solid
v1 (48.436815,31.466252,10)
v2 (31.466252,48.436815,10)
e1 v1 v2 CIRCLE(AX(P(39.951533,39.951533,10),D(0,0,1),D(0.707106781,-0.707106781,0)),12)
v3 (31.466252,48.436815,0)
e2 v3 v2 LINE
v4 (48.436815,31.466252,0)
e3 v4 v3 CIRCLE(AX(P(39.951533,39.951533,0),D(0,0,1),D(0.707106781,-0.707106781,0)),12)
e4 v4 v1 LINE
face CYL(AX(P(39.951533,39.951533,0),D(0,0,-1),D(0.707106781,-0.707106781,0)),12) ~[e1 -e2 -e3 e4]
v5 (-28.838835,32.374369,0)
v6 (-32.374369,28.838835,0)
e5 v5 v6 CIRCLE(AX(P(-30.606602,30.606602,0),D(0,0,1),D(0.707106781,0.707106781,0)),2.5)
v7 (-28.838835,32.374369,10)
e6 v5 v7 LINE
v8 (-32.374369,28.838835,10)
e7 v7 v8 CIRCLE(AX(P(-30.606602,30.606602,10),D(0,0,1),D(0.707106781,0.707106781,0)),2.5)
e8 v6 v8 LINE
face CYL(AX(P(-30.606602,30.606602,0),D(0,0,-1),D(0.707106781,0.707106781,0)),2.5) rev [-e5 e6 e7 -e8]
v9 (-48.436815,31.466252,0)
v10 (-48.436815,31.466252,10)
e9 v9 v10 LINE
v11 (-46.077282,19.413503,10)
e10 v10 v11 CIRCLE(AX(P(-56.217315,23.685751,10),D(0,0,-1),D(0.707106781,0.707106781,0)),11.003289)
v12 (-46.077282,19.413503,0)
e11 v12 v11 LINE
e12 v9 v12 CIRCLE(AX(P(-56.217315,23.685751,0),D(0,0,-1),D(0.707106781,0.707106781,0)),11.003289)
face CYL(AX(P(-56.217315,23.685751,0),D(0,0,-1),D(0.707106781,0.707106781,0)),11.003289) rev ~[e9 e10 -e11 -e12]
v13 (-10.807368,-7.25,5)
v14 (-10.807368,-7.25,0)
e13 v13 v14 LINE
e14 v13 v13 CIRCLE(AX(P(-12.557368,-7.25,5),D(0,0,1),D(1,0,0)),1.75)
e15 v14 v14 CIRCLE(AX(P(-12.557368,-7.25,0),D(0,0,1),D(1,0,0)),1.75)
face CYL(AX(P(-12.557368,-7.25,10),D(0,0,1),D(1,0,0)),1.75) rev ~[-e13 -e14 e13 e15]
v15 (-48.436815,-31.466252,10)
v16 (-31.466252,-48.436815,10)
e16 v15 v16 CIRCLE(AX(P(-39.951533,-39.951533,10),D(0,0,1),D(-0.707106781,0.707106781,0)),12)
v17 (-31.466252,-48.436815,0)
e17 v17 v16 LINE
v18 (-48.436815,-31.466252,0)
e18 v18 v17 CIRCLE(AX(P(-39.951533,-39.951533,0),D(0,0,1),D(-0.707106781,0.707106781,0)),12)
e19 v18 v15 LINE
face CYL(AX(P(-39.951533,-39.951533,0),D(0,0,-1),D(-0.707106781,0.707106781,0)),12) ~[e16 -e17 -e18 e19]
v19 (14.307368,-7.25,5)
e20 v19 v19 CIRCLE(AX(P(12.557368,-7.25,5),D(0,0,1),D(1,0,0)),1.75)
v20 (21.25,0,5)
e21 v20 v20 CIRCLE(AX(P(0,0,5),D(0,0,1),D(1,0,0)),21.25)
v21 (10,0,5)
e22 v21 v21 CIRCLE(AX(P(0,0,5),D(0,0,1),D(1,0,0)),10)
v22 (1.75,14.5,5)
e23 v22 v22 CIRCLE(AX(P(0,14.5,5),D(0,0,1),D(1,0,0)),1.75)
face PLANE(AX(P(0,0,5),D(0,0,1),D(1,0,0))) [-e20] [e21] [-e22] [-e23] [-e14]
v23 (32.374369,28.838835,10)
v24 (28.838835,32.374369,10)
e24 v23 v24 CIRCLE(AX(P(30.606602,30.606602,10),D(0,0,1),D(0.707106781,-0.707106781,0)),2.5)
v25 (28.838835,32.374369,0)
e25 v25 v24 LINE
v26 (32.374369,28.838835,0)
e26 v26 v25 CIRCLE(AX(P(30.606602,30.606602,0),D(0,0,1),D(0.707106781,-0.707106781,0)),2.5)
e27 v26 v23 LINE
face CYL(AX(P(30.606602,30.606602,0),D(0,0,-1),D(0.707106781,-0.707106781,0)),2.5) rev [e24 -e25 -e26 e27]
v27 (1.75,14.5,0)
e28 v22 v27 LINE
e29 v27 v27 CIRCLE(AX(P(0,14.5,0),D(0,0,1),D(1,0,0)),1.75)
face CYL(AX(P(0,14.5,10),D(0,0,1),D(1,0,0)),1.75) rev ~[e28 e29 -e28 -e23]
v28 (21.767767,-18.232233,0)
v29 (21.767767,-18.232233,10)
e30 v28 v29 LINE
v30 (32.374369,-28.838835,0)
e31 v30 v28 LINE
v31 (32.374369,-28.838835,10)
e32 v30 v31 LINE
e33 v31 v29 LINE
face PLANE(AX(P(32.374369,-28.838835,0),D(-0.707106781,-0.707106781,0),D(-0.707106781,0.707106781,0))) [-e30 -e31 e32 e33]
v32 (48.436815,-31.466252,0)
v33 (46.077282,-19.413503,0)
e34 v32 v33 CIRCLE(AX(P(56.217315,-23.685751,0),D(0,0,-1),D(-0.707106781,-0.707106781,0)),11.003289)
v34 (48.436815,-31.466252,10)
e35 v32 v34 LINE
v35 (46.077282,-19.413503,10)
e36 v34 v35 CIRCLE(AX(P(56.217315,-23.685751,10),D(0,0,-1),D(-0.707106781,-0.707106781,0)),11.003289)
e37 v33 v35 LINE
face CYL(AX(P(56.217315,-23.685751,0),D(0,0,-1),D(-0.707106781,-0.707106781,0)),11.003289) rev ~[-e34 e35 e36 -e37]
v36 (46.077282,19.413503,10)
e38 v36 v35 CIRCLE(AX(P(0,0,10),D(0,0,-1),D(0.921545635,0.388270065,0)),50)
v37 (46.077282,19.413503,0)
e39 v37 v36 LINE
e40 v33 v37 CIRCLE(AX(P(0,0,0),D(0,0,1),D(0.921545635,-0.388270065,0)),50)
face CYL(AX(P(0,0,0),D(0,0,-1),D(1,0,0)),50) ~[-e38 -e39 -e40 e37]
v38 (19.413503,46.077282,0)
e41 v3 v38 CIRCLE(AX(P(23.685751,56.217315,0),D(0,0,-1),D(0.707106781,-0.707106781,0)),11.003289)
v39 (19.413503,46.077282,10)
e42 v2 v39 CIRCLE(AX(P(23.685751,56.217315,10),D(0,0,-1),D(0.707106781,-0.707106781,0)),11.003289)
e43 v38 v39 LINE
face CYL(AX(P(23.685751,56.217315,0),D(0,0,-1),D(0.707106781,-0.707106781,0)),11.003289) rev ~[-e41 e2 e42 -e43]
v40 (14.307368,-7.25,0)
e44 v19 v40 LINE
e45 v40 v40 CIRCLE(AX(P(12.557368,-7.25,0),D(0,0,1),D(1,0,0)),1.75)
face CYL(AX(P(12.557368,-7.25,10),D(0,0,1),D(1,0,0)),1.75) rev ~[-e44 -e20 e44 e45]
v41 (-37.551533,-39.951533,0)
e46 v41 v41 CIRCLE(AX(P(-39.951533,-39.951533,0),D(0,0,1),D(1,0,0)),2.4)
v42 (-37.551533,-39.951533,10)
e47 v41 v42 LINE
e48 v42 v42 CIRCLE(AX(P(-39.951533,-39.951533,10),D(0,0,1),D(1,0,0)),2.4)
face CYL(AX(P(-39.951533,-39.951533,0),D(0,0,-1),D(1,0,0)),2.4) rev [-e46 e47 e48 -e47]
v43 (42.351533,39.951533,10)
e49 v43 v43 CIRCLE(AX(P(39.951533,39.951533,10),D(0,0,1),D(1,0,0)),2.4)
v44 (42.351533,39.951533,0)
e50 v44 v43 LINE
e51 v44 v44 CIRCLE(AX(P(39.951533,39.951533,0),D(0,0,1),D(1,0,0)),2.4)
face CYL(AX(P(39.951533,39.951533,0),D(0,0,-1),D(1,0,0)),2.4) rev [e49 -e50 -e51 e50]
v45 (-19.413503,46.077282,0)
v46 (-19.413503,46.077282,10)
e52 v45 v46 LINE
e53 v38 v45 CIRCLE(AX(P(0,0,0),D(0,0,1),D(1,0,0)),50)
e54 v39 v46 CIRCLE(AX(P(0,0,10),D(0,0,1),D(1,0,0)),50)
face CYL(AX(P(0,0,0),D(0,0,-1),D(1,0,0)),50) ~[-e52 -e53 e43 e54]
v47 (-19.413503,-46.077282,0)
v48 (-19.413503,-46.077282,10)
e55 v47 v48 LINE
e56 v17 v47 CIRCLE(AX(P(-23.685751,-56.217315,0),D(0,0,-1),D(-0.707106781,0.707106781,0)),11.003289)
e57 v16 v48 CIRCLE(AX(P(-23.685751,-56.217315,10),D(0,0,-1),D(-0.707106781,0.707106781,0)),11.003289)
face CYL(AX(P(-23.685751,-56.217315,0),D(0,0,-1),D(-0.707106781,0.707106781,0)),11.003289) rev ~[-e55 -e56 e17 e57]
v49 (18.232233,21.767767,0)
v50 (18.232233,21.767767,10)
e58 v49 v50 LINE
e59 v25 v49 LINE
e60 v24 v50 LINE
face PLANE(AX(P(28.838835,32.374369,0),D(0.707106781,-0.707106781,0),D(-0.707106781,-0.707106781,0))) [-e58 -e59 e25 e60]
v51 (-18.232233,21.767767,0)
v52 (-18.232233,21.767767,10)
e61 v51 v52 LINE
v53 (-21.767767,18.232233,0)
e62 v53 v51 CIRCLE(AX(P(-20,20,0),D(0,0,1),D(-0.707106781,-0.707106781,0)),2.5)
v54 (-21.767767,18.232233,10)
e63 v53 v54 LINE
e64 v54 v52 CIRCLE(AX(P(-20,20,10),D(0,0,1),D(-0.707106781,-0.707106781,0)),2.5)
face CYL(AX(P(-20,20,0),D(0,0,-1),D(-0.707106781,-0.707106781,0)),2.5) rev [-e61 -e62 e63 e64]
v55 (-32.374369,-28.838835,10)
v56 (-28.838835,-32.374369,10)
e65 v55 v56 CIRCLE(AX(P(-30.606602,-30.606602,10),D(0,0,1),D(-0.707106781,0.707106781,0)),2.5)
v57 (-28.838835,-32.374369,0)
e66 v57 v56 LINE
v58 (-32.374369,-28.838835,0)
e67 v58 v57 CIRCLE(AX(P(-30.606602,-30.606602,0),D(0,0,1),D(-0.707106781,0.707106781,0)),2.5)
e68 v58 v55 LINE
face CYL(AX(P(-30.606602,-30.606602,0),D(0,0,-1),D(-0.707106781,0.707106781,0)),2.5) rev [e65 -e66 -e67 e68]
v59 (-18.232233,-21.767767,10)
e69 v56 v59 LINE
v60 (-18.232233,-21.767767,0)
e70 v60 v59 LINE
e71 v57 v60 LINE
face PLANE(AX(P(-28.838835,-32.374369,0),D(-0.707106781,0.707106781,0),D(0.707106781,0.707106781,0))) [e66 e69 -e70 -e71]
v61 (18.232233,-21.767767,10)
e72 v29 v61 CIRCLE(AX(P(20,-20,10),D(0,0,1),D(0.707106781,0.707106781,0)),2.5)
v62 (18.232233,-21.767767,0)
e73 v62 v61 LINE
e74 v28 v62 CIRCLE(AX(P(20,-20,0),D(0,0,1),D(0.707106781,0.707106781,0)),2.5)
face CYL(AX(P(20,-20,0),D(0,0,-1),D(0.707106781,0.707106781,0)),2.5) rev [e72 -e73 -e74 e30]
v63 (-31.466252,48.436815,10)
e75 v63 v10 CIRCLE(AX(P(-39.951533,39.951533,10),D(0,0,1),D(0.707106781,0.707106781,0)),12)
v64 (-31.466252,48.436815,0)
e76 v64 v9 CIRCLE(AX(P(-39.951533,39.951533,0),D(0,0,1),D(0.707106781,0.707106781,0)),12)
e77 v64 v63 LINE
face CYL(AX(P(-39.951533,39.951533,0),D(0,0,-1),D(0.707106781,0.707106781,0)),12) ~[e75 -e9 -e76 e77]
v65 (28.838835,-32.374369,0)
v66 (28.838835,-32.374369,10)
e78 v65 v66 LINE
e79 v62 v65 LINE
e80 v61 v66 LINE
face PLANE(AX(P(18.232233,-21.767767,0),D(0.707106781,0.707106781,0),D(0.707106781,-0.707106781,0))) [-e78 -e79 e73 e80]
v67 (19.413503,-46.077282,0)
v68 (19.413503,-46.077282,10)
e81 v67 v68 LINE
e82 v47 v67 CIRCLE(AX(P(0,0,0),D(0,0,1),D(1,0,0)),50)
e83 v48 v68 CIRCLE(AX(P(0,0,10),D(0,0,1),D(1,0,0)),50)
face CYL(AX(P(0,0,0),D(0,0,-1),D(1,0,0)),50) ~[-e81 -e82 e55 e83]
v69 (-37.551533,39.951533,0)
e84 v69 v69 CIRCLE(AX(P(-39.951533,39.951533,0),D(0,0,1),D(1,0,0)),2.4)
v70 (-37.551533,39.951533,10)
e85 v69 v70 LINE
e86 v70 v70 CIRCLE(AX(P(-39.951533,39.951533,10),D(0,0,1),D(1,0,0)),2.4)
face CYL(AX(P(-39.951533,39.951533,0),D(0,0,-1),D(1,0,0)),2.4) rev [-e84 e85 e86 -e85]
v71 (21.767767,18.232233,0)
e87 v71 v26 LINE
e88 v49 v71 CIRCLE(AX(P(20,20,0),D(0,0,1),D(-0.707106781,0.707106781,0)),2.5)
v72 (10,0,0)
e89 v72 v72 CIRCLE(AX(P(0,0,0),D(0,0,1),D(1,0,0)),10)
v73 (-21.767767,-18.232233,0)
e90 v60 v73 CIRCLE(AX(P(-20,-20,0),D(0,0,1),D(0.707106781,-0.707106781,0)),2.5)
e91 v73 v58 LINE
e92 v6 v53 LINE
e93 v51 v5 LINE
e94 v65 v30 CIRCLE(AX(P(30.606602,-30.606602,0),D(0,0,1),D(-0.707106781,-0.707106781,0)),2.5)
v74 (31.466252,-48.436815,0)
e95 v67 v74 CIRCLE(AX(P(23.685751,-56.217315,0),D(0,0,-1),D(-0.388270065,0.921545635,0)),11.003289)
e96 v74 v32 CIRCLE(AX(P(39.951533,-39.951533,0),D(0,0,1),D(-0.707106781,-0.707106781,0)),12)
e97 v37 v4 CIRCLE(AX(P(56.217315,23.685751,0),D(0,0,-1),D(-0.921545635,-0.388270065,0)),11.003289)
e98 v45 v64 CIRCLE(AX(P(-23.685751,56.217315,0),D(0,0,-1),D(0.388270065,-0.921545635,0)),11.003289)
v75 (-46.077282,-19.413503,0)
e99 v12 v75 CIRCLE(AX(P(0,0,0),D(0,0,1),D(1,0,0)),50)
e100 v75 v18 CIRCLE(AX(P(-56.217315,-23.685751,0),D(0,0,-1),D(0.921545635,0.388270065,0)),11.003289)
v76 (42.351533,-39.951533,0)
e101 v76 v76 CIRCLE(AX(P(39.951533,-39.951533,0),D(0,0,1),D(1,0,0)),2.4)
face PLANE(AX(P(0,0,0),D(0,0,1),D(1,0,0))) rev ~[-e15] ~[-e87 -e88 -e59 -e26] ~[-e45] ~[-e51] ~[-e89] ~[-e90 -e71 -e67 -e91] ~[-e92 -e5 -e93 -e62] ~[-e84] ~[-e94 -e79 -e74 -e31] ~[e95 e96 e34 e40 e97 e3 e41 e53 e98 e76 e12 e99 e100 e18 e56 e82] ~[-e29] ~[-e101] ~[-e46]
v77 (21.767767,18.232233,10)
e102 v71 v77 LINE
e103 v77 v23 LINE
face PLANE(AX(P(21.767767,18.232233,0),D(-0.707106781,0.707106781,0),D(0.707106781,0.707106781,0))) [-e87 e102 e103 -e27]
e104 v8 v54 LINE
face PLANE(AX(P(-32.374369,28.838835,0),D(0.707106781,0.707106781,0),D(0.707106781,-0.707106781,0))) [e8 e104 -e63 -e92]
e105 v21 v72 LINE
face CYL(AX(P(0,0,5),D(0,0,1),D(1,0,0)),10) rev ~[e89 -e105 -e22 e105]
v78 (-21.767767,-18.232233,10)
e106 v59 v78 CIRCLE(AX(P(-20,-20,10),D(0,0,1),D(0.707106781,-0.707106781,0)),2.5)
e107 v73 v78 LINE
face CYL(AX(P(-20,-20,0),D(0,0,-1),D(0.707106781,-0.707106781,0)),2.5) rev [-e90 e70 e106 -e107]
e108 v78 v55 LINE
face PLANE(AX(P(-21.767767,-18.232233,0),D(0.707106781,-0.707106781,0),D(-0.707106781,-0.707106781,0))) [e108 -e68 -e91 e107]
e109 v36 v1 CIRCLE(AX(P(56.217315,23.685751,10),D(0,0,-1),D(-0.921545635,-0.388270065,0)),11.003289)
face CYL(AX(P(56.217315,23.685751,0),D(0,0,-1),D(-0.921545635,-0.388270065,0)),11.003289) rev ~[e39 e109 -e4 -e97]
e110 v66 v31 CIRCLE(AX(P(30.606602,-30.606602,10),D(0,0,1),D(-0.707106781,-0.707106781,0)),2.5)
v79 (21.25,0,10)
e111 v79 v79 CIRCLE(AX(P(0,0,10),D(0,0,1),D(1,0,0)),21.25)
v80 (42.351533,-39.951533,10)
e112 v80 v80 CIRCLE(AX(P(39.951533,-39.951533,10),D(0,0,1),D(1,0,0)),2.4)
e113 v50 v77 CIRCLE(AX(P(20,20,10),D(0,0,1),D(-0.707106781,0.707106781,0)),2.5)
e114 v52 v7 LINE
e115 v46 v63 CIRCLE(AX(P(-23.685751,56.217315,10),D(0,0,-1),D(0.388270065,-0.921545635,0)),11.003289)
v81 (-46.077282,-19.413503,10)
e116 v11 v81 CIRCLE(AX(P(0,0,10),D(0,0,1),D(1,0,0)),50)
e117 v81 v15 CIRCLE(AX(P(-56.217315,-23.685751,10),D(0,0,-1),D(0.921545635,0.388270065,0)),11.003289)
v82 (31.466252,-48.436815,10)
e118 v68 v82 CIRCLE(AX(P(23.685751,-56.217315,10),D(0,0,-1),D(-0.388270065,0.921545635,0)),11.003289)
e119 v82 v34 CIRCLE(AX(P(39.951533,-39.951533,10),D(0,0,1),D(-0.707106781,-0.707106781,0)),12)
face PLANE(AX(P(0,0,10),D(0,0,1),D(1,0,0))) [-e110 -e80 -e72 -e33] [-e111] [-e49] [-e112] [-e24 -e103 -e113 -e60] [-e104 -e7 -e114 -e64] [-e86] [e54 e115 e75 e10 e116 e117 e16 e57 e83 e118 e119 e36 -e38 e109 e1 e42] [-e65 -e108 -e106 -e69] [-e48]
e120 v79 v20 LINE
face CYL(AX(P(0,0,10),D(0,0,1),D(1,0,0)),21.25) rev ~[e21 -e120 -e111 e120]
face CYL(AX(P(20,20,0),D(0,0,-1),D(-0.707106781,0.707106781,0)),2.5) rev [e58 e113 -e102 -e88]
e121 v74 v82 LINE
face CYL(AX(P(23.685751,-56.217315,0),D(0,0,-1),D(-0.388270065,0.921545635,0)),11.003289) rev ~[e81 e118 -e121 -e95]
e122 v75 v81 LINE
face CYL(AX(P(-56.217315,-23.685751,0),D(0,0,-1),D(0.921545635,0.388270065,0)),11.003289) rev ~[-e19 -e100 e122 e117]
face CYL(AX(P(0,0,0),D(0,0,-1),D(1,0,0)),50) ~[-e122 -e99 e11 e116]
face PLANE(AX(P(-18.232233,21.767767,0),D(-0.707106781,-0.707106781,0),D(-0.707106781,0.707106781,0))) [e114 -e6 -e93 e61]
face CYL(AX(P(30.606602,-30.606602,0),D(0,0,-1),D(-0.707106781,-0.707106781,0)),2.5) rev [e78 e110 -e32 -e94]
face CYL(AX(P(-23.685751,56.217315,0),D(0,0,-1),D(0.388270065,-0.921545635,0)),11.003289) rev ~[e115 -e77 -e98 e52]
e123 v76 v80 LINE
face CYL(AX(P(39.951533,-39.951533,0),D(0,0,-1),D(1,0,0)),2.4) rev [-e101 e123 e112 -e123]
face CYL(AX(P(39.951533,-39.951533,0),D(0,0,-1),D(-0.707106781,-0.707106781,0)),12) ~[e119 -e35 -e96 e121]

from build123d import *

# Parameters (mm, degrees)
SKETCH1_R           = 2.4
BOSS_EXTRUDE1_DEPTH = 10
SKETCH2_R           = 21.25
CUT_EXTRUDE1_DEPTH  = 5
SKETCH2_3_R         = 1.75
CUT_EXTRUDE2_DEPTH  = 75.1479844
SKETCH3_R           = 10
CUT_EXTRUDE3_DEPTH  = 74.640502379


with BuildPart() as part:
    # Sketch1 → Boss-Extrude1 (new body)
    with BuildSketch(Plane.XY):
        with BuildLine():
            ThreePointArc((46.077281732, -19.413503243), (50, 0), (46.077281732, 19.413503243))
            ThreePointArc((46.077281732, 19.413503243), (45.41900176, 25.799706685), (48.436814511, 31.466251763))
            ThreePointArc((48.436814511, 31.466251763), (48.436814511, 48.436814511), (31.466251763, 48.436814511))
            ThreePointArc((31.466251763, 48.436814511), (25.799706685, 45.41900176), (19.413503243, 46.077281732))
            ThreePointArc((19.413503243, 46.077281732), (0, 50), (-19.413503243, 46.077281732))
            ThreePointArc((-19.413503243, 46.077281732), (-25.799706685, 45.41900176), (-31.466251763, 48.436814511))
            ThreePointArc((-31.466251763, 48.436814511), (-48.436814511, 48.436814511), (-48.436814511, 31.466251763))
            ThreePointArc((-48.436814511, 31.466251763), (-45.41900176, 25.799706685), (-46.077281732, 19.413503243))
            ThreePointArc((-46.077281732, 19.413503243), (-50, 0), (-46.077281732, -19.413503243))
            ThreePointArc((-46.077281732, -19.413503243), (-45.41900176, -25.799706685), (-48.436814511, -31.466251763))
            ThreePointArc((-48.436814511, -31.466251763), (-48.436814511, -48.436814511), (-31.466251763, -48.436814511))
            ThreePointArc((-31.466251763, -48.436814511), (-25.799706685, -45.41900176), (-19.413503243, -46.077281732))
            ThreePointArc((-19.413503243, -46.077281732), (0, -50), (19.413503243, -46.077281732))
            ThreePointArc((19.413503243, -46.077281732), (25.799706685, -45.41900176), (31.466251763, -48.436814511))
            ThreePointArc((31.466251763, -48.436814511), (48.436814511, -48.436814511), (48.436814511, -31.466251763))
            ThreePointArc((48.436814511, -31.466251763), (45.41900176, -25.799706685), (46.077281732, -19.413503243))
        make_face()
        with BuildLine():
            ThreePointArc((-21.767766953, -18.232233047), (-18.232233047, -18.232233047), (-18.232233047, -21.767766953))
            Line((-18.232233047, -21.767766953), (-28.838834765, -32.374368671))
            ThreePointArc((-28.838834765, -32.374368671), (-32.374368671, -32.374368671), (-32.374368671, -28.838834765))
            Line((-32.374368671, -28.838834765), (-21.767766953, -18.232233047))
        make_face(mode=Mode.SUBTRACT)
        with BuildLine():
            ThreePointArc((18.232233047, -21.767766953), (18.232233047, -18.232233047), (21.767766953, -18.232233047))
            Line((21.767766953, -18.232233047), (32.374368671, -28.838834765))
            ThreePointArc((32.374368671, -28.838834765), (32.374368671, -32.374368671), (28.838834765, -32.374368671))
            Line((28.838834765, -32.374368671), (18.232233047, -21.767766953))
        make_face(mode=Mode.SUBTRACT)
        with BuildLine():
            ThreePointArc((-18.232233047, 21.767766953), (-18.232233047, 18.232233047), (-21.767766953, 18.232233047))
            Line((-21.767766953, 18.232233047), (-32.374368671, 28.838834765))
            ThreePointArc((-32.374368671, 28.838834765), (-32.374368671, 32.374368671), (-28.838834765, 32.374368671))
            Line((-28.838834765, 32.374368671), (-18.232233047, 21.767766953))
        make_face(mode=Mode.SUBTRACT)
        with BuildLine():
            ThreePointArc((21.767766953, 18.232233047), (18.232233047, 18.232233047), (18.232233047, 21.767766953))
            Line((18.232233047, 21.767766953), (28.838834765, 32.374368671))
            ThreePointArc((28.838834765, 32.374368671), (32.374368671, 32.374368671), (32.374368671, 28.838834765))
            Line((32.374368671, 28.838834765), (21.767766953, 18.232233047))
        make_face(mode=Mode.SUBTRACT)
        with Locations((39.951533137, -39.951533137)):
            Circle(SKETCH1_R, mode=Mode.SUBTRACT)
        with Locations((-39.951533137, -39.951533137)):
            Circle(SKETCH1_R, mode=Mode.SUBTRACT)
        with Locations((-39.951533137, 39.951533137)):
            Circle(SKETCH1_R, mode=Mode.SUBTRACT)
        with Locations((39.951533137, 39.951533137)):
            Circle(SKETCH1_R, mode=Mode.SUBTRACT)
    extrude(amount=BOSS_EXTRUDE1_DEPTH)

    # Sketch2 → Cut-Extrude1 (cut)
    with BuildSketch(Plane.XY.offset(10)):
        Circle(SKETCH2_R)
    extrude(amount=-CUT_EXTRUDE1_DEPTH, mode=Mode.SUBTRACT)

    # Sketch2<3> → Cut-Extrude2 (cut, through all)
    with BuildSketch(Plane.XY.offset(10)):
        with Locations((0, 14.5)):
            Circle(SKETCH2_3_R)
        with Locations((12.557368355, -7.25)):
            Circle(SKETCH2_3_R)
        with Locations((-12.557368355, -7.25)):
            Circle(SKETCH2_3_R)
    extrude(amount=-CUT_EXTRUDE2_DEPTH, mode=Mode.SUBTRACT)

    # Sketch3 → Cut-Extrude3 (cut, through all)
    with BuildSketch(Plane.XY.offset(5)):
        Circle(SKETCH3_R)
    extrude(amount=-CUT_EXTRUDE3_DEPTH, mode=Mode.SUBTRACT)


solid = part.part
